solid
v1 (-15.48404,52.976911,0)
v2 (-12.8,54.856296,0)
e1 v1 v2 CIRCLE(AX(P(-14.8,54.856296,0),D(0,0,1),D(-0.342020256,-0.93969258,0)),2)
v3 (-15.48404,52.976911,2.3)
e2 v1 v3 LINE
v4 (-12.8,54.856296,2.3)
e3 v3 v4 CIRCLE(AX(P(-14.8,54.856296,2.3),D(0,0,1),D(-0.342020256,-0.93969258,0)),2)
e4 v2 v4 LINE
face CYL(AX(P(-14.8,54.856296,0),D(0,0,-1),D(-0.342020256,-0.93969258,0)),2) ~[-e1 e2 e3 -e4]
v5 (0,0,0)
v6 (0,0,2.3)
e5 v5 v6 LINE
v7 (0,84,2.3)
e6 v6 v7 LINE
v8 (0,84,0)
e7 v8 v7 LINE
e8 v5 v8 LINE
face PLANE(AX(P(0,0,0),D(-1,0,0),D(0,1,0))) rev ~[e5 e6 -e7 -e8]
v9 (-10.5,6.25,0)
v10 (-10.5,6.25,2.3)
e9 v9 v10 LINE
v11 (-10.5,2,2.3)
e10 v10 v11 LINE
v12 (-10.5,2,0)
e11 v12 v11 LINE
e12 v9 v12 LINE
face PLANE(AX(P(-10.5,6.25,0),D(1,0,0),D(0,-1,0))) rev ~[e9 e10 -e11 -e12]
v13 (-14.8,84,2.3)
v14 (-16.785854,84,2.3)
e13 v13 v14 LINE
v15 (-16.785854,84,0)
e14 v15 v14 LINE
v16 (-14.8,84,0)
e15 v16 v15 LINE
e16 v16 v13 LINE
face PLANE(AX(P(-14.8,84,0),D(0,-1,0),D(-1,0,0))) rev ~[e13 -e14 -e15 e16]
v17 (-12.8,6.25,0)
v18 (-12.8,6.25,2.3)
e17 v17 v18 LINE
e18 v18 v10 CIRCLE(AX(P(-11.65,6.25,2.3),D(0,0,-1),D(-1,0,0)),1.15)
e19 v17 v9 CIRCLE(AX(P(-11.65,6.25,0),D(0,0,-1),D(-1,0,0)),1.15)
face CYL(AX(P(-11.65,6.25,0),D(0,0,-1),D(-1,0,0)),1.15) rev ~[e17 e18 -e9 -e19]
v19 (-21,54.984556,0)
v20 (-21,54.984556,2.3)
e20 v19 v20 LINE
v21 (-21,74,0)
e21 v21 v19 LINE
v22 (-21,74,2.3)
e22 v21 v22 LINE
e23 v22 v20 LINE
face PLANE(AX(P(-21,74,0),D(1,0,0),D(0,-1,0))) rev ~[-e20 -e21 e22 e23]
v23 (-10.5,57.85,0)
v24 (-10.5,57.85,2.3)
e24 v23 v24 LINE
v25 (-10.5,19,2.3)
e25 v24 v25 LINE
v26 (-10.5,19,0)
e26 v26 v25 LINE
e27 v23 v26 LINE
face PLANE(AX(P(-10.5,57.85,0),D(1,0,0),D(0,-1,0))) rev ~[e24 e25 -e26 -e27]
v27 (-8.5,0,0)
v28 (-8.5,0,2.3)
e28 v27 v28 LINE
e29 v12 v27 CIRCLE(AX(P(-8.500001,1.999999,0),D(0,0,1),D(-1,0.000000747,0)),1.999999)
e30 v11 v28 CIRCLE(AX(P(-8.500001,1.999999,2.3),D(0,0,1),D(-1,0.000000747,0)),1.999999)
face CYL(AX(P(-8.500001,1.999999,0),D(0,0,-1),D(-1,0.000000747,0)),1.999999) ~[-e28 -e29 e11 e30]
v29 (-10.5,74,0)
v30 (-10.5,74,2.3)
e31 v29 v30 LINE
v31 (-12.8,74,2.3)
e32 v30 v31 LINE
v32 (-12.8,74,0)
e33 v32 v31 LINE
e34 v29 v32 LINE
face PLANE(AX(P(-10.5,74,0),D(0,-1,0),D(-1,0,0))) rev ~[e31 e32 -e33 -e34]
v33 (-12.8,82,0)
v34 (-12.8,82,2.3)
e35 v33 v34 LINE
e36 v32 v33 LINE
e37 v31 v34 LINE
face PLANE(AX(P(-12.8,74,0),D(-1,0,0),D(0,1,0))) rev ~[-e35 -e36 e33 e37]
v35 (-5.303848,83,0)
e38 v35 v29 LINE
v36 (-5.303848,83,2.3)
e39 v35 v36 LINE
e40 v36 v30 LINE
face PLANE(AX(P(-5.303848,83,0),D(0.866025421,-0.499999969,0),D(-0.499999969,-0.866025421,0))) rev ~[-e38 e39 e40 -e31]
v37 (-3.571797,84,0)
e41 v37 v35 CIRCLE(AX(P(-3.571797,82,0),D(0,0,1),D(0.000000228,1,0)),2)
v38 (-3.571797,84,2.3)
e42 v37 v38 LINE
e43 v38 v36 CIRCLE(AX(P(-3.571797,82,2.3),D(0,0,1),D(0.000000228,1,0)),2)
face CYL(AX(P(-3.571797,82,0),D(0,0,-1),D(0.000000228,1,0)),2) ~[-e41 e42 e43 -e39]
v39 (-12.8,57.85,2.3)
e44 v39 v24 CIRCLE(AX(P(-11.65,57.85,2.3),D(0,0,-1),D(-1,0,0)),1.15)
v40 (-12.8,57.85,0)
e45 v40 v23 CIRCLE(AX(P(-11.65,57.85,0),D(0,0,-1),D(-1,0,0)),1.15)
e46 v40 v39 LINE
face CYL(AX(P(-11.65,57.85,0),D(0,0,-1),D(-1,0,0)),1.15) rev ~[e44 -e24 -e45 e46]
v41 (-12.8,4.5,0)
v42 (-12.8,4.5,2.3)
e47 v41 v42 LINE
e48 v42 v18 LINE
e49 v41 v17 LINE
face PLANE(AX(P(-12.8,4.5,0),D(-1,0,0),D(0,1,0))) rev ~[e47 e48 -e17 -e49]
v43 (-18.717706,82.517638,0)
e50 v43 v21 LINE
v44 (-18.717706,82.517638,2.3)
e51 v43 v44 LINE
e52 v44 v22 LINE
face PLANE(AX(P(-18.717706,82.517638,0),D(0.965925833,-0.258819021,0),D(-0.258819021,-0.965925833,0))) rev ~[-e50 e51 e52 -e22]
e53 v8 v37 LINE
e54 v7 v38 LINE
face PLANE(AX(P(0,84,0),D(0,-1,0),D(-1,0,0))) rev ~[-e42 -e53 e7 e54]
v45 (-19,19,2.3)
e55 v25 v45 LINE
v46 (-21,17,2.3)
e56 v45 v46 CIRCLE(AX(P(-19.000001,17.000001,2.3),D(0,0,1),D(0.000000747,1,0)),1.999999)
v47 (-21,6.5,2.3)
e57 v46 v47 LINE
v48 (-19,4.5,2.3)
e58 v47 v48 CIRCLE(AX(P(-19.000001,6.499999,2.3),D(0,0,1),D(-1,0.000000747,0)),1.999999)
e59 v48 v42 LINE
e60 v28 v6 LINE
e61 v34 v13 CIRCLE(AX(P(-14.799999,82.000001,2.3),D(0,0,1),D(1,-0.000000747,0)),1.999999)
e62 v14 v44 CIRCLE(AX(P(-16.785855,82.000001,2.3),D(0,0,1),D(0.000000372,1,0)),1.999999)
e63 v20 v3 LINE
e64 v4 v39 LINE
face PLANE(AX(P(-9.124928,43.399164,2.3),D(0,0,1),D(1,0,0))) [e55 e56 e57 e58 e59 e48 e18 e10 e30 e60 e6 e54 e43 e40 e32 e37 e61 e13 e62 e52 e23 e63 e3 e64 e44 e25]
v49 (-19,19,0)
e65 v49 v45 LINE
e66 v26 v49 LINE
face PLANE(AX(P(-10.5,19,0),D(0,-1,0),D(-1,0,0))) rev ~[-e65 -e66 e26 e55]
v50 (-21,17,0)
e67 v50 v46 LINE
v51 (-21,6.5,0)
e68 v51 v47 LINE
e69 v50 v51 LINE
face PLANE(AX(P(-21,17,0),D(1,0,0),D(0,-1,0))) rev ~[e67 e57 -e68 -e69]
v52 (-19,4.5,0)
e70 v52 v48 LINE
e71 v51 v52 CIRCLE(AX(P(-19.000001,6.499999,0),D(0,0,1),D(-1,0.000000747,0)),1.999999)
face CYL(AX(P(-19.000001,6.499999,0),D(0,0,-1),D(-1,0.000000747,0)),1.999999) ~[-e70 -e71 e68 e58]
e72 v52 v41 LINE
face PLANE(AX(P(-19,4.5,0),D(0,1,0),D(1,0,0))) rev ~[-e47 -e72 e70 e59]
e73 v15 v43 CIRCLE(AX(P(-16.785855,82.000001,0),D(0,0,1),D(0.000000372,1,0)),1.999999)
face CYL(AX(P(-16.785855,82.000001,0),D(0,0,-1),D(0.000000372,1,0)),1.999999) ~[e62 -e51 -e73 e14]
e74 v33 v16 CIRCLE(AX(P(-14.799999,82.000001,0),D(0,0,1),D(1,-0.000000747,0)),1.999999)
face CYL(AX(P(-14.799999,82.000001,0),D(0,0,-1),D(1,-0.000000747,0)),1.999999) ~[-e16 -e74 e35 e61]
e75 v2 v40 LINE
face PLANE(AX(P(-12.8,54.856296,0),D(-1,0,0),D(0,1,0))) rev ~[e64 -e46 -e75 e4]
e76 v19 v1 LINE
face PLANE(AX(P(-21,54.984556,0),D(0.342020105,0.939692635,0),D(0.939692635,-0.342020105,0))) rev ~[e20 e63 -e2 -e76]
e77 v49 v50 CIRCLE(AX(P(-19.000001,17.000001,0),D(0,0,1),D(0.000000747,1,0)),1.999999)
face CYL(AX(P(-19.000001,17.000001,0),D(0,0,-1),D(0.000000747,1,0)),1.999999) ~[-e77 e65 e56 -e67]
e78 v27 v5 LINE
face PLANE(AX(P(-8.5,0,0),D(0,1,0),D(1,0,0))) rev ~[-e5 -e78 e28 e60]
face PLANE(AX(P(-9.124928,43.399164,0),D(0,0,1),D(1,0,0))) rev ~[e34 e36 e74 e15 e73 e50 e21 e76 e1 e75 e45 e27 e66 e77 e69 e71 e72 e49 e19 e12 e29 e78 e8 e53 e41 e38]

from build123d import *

# Parameters (mm, degrees)
F1_DEPTH = 2.3


with BuildPart() as f1:
    # F0 (on Top) → F1 (new body)
    with BuildSketch(Plane.XY):
        with BuildLine():
            Line((-8.5, 0), (0, 0))
            Line((0, 0), (0, 84))
            Line((0, 84), (-3.571797, 84))
            ThreePointArc((-3.571797, 84), (-4.571797, 83.732051), (-5.303848, 83))
            Line((-5.303848, 83), (-10.5, 74))
            Line((-10.5, 74), (-12.8, 74))
            Line((-12.8, 74), (-12.8, 82))
            ThreePointArc((-12.8, 82), (-13.385786, 83.414214), (-14.8, 84))
            Line((-14.8, 84), (-16.785854, 84))
            ThreePointArc((-16.785854, 84), (-18.003377, 83.586707), (-18.717706, 82.517638))
            Line((-18.717706, 82.517638), (-21, 74))
            Line((-21, 74), (-21, 54.984556))
            Line((-21, 54.984556), (-15.48404, 52.976911))
            ThreePointArc((-15.48404, 52.976911), (-13.652847, 53.217992), (-12.8, 54.856296))
            Line((-12.8, 54.856296), (-12.8, 57.85))
            ThreePointArc((-12.8, 57.85), (-11.65, 59), (-10.5, 57.85))
            Line((-10.5, 57.85), (-10.5, 19))
            Line((-10.5, 19), (-19, 19))
            ThreePointArc((-19, 19), (-20.414214, 18.414214), (-21, 17))
            Line((-21, 17), (-21, 6.5))
            ThreePointArc((-21, 6.5), (-20.414214, 5.085786), (-19, 4.5))
            Line((-19, 4.5), (-12.8, 4.5))
            Line((-12.8, 4.5), (-12.8, 6.25))
            ThreePointArc((-12.8, 6.25), (-11.65, 7.4), (-10.5, 6.25))
            Line((-10.5, 6.25), (-10.5, 2))
            ThreePointArc((-10.5, 2), (-9.914214, 0.585786), (-8.5, 0))
        make_face()
    extrude(amount=F1_DEPTH)


solid = f1.part
